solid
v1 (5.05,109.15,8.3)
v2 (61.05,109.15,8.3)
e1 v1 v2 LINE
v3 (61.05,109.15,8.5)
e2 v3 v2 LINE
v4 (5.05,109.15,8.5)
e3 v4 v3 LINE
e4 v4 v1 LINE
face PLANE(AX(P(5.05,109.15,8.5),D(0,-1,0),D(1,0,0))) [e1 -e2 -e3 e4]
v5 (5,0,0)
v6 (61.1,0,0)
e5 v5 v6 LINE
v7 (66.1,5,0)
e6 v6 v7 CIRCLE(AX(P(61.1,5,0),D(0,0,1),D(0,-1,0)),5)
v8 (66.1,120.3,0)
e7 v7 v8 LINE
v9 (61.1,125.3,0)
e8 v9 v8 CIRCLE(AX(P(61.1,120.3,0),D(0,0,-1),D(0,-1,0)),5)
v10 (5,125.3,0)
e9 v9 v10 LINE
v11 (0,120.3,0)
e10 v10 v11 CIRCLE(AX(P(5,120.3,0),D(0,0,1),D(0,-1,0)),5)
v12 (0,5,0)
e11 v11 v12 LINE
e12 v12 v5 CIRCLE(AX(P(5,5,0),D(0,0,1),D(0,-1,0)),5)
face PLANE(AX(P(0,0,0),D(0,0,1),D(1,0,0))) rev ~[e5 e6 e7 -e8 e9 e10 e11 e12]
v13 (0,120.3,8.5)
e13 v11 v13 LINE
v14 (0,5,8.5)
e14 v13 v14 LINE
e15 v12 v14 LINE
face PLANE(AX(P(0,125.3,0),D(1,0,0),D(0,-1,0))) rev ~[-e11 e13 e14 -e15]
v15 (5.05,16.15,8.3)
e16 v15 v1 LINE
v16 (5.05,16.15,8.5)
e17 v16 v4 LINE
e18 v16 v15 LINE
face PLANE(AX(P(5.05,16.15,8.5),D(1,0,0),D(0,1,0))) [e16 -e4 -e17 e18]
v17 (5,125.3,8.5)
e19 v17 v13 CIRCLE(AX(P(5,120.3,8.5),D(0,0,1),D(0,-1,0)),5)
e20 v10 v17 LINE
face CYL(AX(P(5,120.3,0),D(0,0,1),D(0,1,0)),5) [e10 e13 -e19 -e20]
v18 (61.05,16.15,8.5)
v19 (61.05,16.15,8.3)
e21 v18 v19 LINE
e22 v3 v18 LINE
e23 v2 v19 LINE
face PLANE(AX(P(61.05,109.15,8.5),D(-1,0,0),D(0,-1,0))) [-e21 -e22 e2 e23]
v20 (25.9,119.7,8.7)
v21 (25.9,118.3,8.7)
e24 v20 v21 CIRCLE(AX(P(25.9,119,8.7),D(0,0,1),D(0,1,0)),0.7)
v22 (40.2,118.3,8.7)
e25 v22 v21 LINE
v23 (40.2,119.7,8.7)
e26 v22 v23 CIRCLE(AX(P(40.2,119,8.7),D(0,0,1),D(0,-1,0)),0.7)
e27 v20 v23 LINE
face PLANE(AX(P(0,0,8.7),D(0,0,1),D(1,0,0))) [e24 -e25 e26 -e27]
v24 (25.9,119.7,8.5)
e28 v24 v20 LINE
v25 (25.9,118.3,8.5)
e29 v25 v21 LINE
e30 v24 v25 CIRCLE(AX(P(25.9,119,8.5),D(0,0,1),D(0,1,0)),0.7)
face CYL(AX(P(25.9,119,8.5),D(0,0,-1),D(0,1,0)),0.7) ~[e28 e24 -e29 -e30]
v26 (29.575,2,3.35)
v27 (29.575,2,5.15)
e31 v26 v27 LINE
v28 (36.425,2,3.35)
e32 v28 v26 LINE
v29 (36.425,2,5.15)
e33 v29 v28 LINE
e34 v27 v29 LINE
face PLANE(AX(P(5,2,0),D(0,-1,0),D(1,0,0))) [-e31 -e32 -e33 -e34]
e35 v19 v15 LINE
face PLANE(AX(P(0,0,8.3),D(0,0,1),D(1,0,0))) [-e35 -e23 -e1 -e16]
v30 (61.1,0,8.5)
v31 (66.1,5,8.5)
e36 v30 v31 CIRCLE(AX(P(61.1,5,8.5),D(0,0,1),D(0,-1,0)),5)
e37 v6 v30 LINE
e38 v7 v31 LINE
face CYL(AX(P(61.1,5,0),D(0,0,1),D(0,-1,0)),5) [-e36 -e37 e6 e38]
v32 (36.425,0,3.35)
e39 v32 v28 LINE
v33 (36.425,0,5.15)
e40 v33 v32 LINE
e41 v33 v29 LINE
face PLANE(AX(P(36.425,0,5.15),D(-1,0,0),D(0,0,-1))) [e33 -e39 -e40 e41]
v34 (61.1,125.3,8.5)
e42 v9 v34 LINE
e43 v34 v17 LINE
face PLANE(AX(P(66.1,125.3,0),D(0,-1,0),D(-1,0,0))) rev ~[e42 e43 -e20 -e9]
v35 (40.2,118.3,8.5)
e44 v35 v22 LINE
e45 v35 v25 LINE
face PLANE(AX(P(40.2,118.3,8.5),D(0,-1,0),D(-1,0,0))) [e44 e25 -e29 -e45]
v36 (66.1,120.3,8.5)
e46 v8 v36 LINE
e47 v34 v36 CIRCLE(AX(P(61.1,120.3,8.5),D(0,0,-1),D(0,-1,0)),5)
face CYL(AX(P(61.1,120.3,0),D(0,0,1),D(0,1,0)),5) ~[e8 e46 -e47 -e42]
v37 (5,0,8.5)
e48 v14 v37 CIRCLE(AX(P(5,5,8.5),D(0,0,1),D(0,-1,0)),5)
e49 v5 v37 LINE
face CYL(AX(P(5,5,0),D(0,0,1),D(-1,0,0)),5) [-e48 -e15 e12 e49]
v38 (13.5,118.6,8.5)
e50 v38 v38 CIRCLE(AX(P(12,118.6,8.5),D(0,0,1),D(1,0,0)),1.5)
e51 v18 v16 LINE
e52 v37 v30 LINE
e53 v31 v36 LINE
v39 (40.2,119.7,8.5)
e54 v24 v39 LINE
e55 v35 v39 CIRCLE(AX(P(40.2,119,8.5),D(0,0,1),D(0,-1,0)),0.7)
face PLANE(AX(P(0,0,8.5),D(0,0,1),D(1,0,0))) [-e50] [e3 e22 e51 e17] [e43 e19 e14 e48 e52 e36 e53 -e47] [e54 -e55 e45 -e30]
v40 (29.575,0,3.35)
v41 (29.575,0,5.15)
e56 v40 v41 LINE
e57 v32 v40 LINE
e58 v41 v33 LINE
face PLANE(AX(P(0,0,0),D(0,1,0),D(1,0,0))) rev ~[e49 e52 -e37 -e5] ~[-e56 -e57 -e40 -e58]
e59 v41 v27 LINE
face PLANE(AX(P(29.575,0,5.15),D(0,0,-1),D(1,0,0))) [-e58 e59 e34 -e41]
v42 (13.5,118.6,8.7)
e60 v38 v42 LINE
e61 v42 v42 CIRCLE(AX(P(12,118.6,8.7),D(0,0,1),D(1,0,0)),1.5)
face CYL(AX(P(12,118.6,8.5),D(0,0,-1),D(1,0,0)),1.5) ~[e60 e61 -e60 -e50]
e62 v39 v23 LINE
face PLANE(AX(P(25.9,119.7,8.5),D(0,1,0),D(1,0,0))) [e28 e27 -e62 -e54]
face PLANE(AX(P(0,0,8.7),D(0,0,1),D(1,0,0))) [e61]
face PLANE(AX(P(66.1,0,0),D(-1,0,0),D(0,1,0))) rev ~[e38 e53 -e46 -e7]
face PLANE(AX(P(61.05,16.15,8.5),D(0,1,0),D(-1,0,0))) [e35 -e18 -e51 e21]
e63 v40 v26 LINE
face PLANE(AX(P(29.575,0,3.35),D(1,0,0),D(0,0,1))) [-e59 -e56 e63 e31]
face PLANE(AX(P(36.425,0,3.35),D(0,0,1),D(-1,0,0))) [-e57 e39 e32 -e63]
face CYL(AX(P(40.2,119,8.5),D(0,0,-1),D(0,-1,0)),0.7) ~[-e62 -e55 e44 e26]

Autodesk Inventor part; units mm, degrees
ref_plane "YZ Plane" through (0, 0, 0) normal (1, 0, 0) x (0, 1, 0)
ref_plane "XZ Plane" through (0, 0, 0) normal (0, 1, 0) x (-1, 0, 0)
ref_plane "XY Plane" through (0, 0, 0) normal (0, 0, 1) x (1, 0, 0)
sketch "Skizze1" plane through (0, 0, 0) normal (0, 0, 1) x (1, 0, 0)
  line L0 (0, 0) -> (66.1, 0)
  line L1 (66.1, 0) -> (66.1, 125.3)
  line L2 (66.1, 125.3) -> (0, 125.3)
  line L3 (0, 125.3) -> (0, 0)
  dimension "d0" = 66.1
  dimension "d1" = 125.3
extrude "Extrusion1" add sketch "Skizze1" along normal blind 8.5
fillet "Rundung1" radius 5 1 edges at (66.1, 125.3, 4.25)
fillet "Rundung2" radius 5 1 edges at (0, 125.3, 4.25)
fillet "Rundung3" radius 5 1 edges at (0, 0, 4.25)
fillet "Rundung4" radius 5 1 edges at (66.1, 0, 4.25)
sketch "Skizze2" plane through (0, 0, 8.5) normal (0, 0, 1) x (1, 0, 0)
  line L0 (66.1, 5) -> (66.1, 120.3) projected
  line L1 (61.1, 125.3) -> (5, 125.3) projected
  line L2 (0, 120.3) -> (0, 5) projected
  line L3 (5.05, 109.15) -> (61.05, 109.15)
  line L4 (61.05, 109.15) -> (61.05, 16.15)
  line L5 (61.05, 16.15) -> (5.05, 16.15)
  line L6 (5.05, 16.15) -> (5.05, 109.15)
  point P0 (0, 0)
  dimension "d8" = 56
  dimension "d9" = 93
  dimension "d10" = 5.05
  dimension "d11" = 16.15
sketch "Skizze3" plane through (0, 0, 8.5) normal (0, 0, 1) x (1, 0, 0)
  line L0 (66.1, 5) -> (66.1, 120.3) projected
  line L1 (61.1, 125.3) -> (5, 125.3) projected
  line L2 (0, 120.3) -> (0, 5) projected
  line L3 (5, 0) -> (61.1, 0) projected
  circle A0 centre (12, 118.6) radius 1.5
  line L4 (25.9, 119.7) -> (40.2, 119.7)
  arc A1 (40.2, 118.3) -> (40.2, 119.7) centre (40.2, 119) ccw
  line L5 (40.2, 118.3) -> (25.9, 118.3)
  arc A2 (25.9, 119.7) -> (25.9, 118.3) centre (25.9, 119) ccw
  point P0 (0, 0)
  dimension "d0" = 66.1
  dimension "d12" = 6.7
  dimension "d13" = 12
  dimension "d14" = 3
  dimension "d19" = 1.4
  dimension "d22" = 5.6
  dimension "d23" = 15.7
  dimension "d27" = 14.3
  dimension "d28" = 25.9
extrude "Extrusion2" add sketch "Skizze3" along normal blind 0.2
extrude "Extrusion3" cut sketch "Skizze2" against normal blind 0.2
sketch "Skizze5" plane through (5, 0, 0) normal (0, -1, 0) x (1, 0, 0)
  line L0 (0, 8.5) -> (56.1, 8.5) projected
  line L1 (0, 0) -> (0, 8.5) projected
  line L2 (0, 0) -> (56.1, 0) projected
  line L3 (24.575, 5.15) -> (31.425, 5.15)
  line L4 (31.425, 5.15) -> (31.425, 3.35)
  line L5 (31.425, 3.35) -> (24.575, 3.35)
  line L6 (24.575, 3.35) -> (24.575, 5.15)
  line L7 (56.1, 8.5) -> (56.1, 0) projected
  line L8 (0, 8.5) -> (56.1, 8.5) projected
  line L9 (0, 0) -> (0, 8.5) projected
  line L10 (0, 0) -> (56.1, 0) projected
  point P0 (-5, 0)
  dimension "d33" = 6.85
  dimension "d34" = 1.8
  dimension "d35" = 24.575
  dimension "d36" = 3.35
extrude "Extrusion4" cut sketch "Skizze5" against normal blind 2 contours L3 L4 L5 L6
equation "\"d10\" = -0.5 * d8 + 0.5 * d0"
equation "\"d11\" = -0.5 * d9 + 0.5 * d1"
equation "\"d28\" = 0.5 * d0 - 0.5 * d27"
equation "\"d35\" = -0.5 * d33 + 0.5 * d8"
properties part number "Galaxy S2"
